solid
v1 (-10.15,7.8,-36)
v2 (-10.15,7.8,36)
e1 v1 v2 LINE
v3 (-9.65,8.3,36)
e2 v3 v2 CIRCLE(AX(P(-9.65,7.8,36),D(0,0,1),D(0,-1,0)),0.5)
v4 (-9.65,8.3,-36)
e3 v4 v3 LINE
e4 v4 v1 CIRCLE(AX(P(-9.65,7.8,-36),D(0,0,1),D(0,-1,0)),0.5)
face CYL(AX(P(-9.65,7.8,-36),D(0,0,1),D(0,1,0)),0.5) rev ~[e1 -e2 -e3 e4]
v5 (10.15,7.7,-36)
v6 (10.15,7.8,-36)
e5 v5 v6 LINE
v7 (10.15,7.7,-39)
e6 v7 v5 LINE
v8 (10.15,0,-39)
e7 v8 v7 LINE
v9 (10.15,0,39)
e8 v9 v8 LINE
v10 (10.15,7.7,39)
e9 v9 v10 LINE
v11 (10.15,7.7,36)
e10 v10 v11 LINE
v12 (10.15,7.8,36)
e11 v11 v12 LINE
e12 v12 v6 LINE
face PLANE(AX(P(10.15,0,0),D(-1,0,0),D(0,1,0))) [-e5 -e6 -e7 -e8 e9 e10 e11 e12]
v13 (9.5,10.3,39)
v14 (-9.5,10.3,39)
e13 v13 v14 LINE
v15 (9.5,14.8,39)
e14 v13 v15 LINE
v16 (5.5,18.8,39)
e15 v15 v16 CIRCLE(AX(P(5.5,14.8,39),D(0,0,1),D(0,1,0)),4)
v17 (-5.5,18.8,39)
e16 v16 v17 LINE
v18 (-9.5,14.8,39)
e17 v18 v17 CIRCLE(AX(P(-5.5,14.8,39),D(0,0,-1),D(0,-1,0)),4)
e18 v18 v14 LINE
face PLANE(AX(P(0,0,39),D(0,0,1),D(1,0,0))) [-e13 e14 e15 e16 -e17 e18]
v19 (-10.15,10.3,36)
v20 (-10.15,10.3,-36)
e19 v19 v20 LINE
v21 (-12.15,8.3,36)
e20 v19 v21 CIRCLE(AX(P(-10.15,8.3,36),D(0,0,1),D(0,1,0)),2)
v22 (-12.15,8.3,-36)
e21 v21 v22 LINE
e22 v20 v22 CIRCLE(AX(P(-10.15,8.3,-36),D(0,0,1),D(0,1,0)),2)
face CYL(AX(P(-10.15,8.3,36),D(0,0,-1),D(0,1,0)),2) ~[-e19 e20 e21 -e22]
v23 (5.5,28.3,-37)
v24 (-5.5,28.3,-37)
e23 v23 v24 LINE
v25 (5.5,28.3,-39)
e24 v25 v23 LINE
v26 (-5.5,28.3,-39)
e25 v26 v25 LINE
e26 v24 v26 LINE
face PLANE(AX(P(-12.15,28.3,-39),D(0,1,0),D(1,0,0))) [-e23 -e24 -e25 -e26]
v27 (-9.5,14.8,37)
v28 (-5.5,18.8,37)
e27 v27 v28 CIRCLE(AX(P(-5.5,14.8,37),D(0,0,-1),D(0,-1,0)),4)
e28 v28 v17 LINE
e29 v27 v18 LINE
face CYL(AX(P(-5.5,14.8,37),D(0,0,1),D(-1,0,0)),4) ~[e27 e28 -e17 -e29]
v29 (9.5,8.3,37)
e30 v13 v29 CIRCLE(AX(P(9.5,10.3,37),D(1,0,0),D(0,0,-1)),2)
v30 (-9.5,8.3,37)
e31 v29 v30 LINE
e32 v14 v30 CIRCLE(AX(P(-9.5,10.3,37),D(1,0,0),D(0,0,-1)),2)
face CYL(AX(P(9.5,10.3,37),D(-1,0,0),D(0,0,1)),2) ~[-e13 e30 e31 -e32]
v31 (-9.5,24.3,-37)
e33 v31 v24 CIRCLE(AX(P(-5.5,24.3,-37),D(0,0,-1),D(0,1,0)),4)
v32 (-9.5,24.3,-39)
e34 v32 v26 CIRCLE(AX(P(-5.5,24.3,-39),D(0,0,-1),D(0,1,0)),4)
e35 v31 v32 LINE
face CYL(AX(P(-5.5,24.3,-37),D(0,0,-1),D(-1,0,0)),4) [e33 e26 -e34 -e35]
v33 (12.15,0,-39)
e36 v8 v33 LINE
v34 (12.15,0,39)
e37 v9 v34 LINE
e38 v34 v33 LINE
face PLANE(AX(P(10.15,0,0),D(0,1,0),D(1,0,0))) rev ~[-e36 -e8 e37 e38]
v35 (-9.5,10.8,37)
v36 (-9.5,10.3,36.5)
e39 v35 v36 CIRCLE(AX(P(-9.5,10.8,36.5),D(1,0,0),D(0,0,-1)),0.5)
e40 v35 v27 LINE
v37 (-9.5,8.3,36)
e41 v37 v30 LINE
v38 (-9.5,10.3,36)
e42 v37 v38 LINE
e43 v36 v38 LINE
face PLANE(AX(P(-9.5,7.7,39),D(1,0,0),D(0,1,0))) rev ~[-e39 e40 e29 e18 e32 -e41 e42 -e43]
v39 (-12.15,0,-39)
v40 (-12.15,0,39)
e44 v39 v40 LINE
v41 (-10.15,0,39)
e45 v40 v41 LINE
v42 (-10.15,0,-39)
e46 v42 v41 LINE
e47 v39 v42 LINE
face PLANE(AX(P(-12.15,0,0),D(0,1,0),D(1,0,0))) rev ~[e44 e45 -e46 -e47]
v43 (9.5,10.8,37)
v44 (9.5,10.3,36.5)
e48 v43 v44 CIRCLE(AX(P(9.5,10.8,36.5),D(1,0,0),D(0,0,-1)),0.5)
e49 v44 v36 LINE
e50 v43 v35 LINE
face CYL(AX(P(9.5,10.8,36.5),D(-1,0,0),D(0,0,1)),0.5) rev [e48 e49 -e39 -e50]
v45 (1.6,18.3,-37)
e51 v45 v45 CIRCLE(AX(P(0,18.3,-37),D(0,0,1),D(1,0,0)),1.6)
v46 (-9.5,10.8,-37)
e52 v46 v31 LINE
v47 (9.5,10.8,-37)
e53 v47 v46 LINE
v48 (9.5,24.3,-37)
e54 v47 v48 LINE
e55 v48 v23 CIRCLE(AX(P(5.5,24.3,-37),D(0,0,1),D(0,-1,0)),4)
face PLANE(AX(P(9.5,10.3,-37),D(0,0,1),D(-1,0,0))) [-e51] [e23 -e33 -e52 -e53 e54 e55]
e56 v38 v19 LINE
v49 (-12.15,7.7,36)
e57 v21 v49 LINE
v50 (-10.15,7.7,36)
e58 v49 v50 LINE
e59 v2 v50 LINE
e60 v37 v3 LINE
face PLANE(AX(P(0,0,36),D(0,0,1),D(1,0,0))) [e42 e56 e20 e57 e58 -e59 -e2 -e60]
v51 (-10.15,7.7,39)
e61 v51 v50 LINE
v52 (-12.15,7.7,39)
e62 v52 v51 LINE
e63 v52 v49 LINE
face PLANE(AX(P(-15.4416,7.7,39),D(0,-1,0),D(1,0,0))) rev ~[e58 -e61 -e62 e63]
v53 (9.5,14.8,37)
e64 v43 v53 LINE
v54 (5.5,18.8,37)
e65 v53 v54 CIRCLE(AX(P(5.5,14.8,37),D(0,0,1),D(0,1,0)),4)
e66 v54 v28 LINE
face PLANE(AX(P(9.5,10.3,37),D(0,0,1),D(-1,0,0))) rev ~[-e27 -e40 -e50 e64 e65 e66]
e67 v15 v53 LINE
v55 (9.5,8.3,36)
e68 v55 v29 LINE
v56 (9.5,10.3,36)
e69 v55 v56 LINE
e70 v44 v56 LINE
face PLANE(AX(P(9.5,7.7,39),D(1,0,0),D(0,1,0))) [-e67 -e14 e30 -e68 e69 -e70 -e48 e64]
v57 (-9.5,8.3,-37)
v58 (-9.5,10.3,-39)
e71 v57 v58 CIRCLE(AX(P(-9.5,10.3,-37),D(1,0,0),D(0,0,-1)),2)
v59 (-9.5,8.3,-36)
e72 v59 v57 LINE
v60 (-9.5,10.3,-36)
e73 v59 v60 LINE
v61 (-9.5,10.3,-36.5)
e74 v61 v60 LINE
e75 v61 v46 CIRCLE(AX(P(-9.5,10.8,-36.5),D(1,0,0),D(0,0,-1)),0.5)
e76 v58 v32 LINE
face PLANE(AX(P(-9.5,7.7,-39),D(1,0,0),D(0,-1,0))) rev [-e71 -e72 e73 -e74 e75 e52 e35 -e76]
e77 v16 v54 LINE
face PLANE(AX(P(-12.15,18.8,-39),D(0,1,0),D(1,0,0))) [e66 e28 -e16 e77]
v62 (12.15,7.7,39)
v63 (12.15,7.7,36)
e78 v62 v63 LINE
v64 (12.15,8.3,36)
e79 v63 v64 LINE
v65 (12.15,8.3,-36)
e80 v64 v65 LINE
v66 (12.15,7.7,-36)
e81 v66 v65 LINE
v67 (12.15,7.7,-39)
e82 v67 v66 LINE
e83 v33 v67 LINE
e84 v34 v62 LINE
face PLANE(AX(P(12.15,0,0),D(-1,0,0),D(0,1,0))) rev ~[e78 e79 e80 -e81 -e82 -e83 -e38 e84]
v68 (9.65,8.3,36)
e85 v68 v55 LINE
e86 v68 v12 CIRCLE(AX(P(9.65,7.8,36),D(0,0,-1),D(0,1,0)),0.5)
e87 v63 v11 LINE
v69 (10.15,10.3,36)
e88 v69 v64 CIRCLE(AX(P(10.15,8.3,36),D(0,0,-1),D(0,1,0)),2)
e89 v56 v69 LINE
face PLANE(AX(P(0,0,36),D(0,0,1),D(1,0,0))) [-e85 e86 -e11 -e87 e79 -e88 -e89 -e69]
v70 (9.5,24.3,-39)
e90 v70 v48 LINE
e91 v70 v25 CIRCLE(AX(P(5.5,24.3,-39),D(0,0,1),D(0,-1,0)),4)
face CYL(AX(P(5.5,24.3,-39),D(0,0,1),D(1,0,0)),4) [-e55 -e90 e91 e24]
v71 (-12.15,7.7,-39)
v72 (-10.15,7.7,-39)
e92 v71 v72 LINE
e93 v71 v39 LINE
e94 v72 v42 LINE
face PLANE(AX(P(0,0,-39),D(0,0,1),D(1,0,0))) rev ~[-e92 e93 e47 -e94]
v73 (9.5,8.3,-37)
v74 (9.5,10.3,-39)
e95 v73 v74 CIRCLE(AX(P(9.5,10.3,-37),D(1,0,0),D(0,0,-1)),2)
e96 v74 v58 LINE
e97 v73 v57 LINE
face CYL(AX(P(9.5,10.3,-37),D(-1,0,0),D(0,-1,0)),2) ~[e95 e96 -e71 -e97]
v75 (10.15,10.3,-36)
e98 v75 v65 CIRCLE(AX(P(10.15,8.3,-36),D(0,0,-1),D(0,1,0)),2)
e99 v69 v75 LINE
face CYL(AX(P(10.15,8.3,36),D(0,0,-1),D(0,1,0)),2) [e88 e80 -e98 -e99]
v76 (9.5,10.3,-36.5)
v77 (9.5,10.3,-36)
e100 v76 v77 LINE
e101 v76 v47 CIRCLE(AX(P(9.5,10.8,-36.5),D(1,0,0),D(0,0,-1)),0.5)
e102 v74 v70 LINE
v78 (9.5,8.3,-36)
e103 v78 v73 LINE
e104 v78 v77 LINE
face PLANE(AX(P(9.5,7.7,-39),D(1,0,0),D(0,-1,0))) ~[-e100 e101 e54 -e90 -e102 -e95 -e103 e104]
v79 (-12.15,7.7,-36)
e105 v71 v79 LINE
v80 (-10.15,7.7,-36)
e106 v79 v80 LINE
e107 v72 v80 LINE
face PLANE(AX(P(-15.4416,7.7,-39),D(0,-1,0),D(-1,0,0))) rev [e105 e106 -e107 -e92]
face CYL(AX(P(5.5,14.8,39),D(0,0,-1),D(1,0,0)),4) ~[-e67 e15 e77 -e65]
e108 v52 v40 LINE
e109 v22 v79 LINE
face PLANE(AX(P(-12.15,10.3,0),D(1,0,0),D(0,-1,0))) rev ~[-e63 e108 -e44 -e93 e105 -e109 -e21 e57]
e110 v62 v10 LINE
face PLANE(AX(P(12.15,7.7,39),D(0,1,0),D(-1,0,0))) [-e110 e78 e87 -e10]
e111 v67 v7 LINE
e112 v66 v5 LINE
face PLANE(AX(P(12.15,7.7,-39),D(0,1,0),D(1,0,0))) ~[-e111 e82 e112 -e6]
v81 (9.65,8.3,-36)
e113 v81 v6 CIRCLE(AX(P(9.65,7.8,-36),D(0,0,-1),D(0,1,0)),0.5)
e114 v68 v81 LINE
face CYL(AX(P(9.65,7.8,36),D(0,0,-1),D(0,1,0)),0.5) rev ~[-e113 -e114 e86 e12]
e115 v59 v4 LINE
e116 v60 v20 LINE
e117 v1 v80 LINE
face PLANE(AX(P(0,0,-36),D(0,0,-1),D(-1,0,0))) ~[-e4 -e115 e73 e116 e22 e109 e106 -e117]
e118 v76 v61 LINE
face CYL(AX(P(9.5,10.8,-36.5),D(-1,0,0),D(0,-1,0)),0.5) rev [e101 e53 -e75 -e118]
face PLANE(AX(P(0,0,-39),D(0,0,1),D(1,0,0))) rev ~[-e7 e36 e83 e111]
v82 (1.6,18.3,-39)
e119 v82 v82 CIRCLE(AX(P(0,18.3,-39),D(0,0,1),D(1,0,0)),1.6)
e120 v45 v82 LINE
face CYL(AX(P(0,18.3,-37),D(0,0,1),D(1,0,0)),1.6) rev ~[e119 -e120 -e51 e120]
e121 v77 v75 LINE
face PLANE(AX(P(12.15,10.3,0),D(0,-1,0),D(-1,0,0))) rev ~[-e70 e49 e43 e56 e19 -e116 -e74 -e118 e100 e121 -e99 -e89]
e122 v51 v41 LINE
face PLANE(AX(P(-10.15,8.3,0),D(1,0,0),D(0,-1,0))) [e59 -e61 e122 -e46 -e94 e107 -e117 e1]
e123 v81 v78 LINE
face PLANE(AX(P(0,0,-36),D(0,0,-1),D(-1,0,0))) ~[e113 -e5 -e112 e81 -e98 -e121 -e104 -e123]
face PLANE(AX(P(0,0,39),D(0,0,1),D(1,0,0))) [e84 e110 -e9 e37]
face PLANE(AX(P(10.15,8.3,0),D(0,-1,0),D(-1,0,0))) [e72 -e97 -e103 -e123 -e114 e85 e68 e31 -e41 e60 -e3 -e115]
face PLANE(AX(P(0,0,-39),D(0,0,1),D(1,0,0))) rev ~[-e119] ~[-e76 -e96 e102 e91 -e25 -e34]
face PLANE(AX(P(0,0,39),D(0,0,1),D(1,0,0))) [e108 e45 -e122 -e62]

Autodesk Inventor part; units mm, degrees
ref_plane "YZ Plane" through (0, 0, 0) normal (1, 0, 0) x (0, 1, 0)
ref_plane "XZ Plane" through (0, 0, 0) normal (0, 1, 0) x (-1, 0, 0)
ref_plane "XY Plane" through (0, 0, 0) normal (0, 0, 1) x (1, 0, 0)
sketch "Эскиз1" plane through (0, 0, 0) normal (0, 0, 1) x (1, 0, 0)
  line L0 (0, 0) -> (0, 11.2754) construction
  line L1 (0, 0) -> (-17.0842, 0) construction
  line L2 (-12.15, 0) -> (12.15, 0)
  line L3 (12.15, 0) -> (12.15, 10.3)
  line L4 (12.15, 10.3) -> (-12.15, 10.3)
  line L5 (-12.15, 10.3) -> (-12.15, 0)
  line L6 (-10.15, 0) -> (10.15, 0)
  line L7 (10.15, 0) -> (10.15, 8.3)
  line L8 (10.15, 8.3) -> (-10.15, 8.3)
  line L9 (-10.15, 8.3) -> (-10.15, 0)
  dimension "d0" = 2
  dimension "d1" = 2
  dimension "d2" = 2
  dimension "d3" = 24.3
  dimension "d4" = 10.3
extrude "Выдавливание1" add sketch "Эскиз1" along normal mid plane 78 contours L5 L4 L3 L2 L7 L8 L9
sketch "Эскиз2" plane through (-12.15, 10.3, -39) normal (0, 1, 0) x (1, 0, 0)
  line L0 (0, 0) -> (24.3, 0) projected
  line L1 (2.65, 0) -> (21.65, 0)
  line L2 (21.65, 0) -> (21.65, -2)
  line L3 (21.65, -2) -> (2.65, -2)
  line L4 (2.65, -2) -> (2.65, 0)
  line L5 (24.3, -78) -> (0, -78) projected
  line L6 (2.65, -78) -> (21.65, -78)
  line L7 (21.65, -78) -> (21.65, -76)
  line L8 (21.65, -76) -> (2.65, -76)
  line L9 (2.65, -76) -> (2.65, -78)
  line L10 (12.15, -39) -> (12.15, -67.9082) construction
  dimension "d7" = 2
  dimension "d8" = 2
  dimension "d9" = 19
  dimension "d10" = 19
extrude "Выдавливание2" add sketch "Эскиз2" along normal blind 8.5 contours L5 L9 L8 L7
extrude "Выдавливание3" add sketch "Эскиз2" along normal blind 18 contours L0 L2 L3 L4
fillet "Сопряжение1" radius 4 4 edges at (9.5, 28.3, -38) (-9.5, 28.3, -38) (-9.5, 18.8, 38) (9.5, 18.8, 38)
sketch "Эскиз3" plane through (-9.5, 10.3, -37) normal (0, 0, 1) x (1, 0, 0)
  line L0 (9.5, -10.3) -> (9.5, 21.9843) construction
  circle A0 centre (9.5, 8) radius 1.6
  line L1 (15, 18) -> (4, 18) projected
  dimension "d16" = 3.2
  dimension "d17" = 10
extrude "Выдавливание4" cut sketch "Эскиз3" against normal blind 18
sketch "Эскиз4" plane through (0, 0, 39) normal (0, 0, 1) x (1, 0, 0)
  line L0 (12.15, 0) -> (12.15, 10.3) projected
  line L1 (9.5, 10.3) -> (12.15, 10.3)
  line L2 (12.15, 10.3) -> (12.15, 7.7)
  line L3 (12.15, 7.7) -> (9.5, 7.7)
  line L4 (9.5, 7.7) -> (9.5, 10.3)
  line L5 (10.15, 0) -> (12.15, 0) projected
  line L6 (-12.15, 10.3) -> (-9.5, 10.3) projected
  line L7 (-9.5, 10.3) -> (-15.4416, 10.3)
  line L8 (-15.4416, 10.3) -> (-15.4416, 7.7)
  line L9 (-15.4416, 7.7) -> (-9.5, 7.7)
  line L10 (-9.5, 7.7) -> (-9.5, 10.3)
  line L11 (-12.15, 0) -> (-10.15, 0) projected
  point P0 (0, 0)
  dimension "d20" = 7.7
  dimension "d21" = 7.7
extrude "Выдавливание5" cut sketch "Эскиз4" against normal blind 3
mirror "Зеркальное отражение1" about plane through (0, 0, 0) normal (0, 0, 1) of "Выдавливание5"
fillet "Сопряжение2" radius 2 4 edges at (0, 8.3, 39) (12.15, 10.3, 0) (-12.15, 10.3, 0) (0, 8.3, -39)
fillet "Сопряжение3" radius 0.5 4 edges at (0, 10.3, -37) (0, 10.3, 37) (10.15, 8.3, 0) (-10.15, 8.3, 0)
properties part number "крепление бабины"
